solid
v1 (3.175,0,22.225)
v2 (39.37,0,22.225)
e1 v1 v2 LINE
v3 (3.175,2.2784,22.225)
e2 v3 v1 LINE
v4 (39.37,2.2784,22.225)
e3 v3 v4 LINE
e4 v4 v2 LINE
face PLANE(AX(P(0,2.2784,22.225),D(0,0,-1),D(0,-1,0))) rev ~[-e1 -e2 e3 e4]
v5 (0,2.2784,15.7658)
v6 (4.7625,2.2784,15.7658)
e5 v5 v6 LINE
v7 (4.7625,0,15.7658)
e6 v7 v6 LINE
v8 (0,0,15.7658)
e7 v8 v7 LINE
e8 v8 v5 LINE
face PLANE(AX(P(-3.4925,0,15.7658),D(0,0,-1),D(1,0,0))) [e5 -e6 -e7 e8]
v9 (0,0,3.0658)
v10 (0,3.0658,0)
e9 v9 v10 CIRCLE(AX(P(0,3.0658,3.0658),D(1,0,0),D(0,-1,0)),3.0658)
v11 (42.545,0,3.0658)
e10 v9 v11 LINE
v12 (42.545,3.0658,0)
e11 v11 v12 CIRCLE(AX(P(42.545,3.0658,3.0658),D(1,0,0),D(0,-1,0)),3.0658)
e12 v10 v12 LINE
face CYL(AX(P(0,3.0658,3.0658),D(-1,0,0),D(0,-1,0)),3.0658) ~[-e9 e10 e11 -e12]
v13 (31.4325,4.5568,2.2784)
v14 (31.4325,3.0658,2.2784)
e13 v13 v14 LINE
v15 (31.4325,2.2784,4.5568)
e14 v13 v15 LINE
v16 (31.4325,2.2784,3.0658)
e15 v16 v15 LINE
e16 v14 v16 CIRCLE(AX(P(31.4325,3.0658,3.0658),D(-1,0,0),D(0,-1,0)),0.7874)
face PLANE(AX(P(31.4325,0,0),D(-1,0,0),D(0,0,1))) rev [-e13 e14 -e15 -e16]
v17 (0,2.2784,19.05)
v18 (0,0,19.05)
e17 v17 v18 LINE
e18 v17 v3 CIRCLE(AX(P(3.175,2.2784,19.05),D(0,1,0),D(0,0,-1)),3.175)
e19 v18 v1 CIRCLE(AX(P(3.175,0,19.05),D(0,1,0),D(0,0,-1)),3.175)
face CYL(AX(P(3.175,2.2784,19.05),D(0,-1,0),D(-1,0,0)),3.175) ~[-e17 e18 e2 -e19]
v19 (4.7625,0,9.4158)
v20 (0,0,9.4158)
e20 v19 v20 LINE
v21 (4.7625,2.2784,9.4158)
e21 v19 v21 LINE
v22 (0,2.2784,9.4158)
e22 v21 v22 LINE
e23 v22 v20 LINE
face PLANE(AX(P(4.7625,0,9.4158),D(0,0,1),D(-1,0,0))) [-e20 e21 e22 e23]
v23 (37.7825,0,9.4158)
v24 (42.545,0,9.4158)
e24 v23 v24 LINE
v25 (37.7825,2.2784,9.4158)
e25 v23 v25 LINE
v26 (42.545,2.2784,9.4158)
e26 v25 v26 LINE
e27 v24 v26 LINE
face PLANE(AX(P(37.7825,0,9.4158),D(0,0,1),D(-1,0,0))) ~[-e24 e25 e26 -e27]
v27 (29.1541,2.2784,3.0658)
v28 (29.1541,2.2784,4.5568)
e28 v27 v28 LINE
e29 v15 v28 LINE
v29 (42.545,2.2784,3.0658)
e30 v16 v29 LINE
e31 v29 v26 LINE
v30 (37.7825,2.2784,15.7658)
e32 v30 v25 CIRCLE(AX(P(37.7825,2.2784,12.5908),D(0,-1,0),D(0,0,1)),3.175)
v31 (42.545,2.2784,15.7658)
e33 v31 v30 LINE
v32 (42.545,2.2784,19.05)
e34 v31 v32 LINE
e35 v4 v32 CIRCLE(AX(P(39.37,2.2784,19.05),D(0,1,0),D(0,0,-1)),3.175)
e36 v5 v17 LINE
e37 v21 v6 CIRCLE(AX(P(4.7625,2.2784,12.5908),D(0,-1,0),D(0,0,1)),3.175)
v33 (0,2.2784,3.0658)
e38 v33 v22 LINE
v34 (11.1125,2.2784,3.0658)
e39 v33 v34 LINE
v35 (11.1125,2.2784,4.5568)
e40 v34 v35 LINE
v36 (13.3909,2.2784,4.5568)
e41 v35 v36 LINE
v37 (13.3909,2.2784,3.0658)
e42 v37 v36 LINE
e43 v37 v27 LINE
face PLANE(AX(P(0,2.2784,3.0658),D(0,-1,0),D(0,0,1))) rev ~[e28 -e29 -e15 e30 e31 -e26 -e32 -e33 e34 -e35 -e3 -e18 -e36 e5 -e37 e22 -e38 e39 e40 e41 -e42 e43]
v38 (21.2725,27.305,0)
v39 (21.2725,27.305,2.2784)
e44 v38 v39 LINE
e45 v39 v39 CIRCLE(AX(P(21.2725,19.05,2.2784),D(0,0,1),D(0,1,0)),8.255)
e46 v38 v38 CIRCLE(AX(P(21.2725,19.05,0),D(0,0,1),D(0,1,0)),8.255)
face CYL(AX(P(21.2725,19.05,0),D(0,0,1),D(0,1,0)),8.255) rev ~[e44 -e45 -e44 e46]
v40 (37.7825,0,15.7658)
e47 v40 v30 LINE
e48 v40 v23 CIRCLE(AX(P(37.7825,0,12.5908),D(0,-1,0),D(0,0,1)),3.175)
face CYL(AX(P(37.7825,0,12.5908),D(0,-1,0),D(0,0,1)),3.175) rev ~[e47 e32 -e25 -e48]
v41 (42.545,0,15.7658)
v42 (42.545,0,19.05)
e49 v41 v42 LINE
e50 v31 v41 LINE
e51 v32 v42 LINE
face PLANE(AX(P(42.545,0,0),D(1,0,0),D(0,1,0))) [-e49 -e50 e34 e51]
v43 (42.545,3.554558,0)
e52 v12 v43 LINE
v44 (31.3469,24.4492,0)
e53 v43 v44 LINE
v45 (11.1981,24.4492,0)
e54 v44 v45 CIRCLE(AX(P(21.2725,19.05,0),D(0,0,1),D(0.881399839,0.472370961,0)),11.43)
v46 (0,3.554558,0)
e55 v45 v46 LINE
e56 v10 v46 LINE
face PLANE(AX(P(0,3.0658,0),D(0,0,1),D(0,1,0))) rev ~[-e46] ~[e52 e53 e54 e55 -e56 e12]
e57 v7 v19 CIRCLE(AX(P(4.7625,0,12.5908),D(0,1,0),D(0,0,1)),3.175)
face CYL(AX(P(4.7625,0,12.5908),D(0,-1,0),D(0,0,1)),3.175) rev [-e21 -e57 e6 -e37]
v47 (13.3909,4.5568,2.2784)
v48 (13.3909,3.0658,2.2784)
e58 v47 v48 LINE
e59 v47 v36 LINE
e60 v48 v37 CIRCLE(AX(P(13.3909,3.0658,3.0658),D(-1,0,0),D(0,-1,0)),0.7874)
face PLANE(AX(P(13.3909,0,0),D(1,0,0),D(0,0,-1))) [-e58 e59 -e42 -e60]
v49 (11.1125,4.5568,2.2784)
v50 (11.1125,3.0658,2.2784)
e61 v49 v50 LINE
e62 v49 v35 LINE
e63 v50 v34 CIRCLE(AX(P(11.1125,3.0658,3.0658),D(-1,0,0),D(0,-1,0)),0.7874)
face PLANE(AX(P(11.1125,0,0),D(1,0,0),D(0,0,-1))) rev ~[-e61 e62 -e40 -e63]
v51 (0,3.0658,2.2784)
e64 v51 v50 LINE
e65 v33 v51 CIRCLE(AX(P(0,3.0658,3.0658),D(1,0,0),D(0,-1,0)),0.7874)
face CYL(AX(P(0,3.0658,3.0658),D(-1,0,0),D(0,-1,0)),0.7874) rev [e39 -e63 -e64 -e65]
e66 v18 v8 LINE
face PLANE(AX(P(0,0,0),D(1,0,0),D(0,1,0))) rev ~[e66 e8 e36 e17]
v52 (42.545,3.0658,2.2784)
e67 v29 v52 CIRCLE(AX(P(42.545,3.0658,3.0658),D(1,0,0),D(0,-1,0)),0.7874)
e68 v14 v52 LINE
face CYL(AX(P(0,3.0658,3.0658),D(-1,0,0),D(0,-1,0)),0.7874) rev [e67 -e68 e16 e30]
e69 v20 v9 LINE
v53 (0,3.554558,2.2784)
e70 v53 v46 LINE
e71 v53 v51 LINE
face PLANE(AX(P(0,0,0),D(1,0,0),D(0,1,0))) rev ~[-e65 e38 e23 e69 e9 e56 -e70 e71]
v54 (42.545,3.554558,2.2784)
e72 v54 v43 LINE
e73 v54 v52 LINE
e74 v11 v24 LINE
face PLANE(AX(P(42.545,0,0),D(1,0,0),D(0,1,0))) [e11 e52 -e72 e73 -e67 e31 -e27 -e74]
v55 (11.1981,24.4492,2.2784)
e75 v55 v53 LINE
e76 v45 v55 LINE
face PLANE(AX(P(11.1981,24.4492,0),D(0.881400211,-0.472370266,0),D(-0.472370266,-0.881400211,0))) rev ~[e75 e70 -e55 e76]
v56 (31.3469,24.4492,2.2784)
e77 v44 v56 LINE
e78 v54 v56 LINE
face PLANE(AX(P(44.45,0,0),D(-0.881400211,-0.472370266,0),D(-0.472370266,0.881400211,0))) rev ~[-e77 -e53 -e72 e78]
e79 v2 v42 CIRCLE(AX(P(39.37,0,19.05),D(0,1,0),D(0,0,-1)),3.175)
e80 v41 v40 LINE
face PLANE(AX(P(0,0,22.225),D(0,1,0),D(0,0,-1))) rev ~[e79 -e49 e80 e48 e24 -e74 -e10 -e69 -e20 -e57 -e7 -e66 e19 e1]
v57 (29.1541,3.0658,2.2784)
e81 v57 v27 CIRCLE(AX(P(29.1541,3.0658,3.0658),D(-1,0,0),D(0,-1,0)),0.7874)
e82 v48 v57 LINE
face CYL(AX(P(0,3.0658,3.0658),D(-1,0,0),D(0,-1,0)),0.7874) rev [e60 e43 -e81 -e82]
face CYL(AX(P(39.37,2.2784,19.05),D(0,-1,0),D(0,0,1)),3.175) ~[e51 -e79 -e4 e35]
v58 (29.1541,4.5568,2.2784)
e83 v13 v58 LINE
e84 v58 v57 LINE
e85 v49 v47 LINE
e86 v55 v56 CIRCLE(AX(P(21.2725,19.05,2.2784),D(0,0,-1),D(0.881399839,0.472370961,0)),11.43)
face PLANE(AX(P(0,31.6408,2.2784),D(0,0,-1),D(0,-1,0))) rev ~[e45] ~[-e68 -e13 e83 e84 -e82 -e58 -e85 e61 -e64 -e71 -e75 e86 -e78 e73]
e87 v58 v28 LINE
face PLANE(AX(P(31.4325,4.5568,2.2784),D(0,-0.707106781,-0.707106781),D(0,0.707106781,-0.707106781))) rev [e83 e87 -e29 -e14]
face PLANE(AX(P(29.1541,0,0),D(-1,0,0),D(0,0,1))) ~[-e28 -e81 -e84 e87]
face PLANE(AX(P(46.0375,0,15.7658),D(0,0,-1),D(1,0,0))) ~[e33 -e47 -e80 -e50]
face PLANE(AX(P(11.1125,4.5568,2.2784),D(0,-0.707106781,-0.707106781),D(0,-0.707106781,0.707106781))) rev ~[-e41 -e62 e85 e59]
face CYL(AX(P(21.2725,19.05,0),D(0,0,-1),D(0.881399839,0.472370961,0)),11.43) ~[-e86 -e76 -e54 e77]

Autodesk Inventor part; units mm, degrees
sketch "Sketch_1" plane through (0, 0, 0) normal (1, 0, 0) x (0, 1, 0)
  line L0 (0, 22.225) -> (0, 3.0658)
  arc A0 (0, 3.0658) -> (3.0658, 0) centre (3.0658, 3.0658) ccw
  line L1 (3.0658, 0) -> (31.6408, 0)
  line L2 (31.6408, 0) -> (31.6408, 2.2784)
  line L3 (31.6408, 2.2784) -> (3.0658, 2.2784)
  arc A1 (2.2784, 3.0658) -> (3.0658, 2.2784) centre (3.0658, 3.0658) ccw
  line L4 (2.2784, 3.0658) -> (2.2784, 22.225)
  line L5 (2.2784, 22.225) -> (0, 22.225)
  dimension "d36" = 28.575
  dimension "d37" = 3.0658
  dimension "d38" = 0.7874
  dimension "d40" = 2.2784
  dimension "d43" = 22.225
extrude "Extrusion1" add sketch "Sketch_1" along normal blind 42.545
sketch "Sketch_2" plane through (0, 0, 0) normal (0, 0, 1) x (1, 0, 0)
  line L0 (-3.175, -2.1057) -> (45.72, -2.1057)
  line L1 (45.72, -2.1057) -> (45.72, 33.6906)
  line L2 (45.72, 33.6906) -> (-3.175, 33.6906)
  line L3 (-3.175, 33.6906) -> (-3.175, -2.1057)
  line L4 (-1.905, 0) -> (44.45, 0)
  line L5 (44.45, 0) -> (31.3469, 24.4492)
  arc A0 (31.3469, 24.4492) -> (11.1981, 24.4492) centre (21.2725, 19.05) ccw
  line L6 (11.1981, 24.4492) -> (-1.905, 0)
  line L7 (0, 0) -> (0, 3.0658) construction
  line L8 (0, 3.0658) -> (42.545, 3.0658) construction
  line L9 (42.545, 0) -> (42.545, 3.0658) construction
  line L10 (0, 0) -> (42.545, 0) construction
  line L11 (21.2725, 19.05) -> (21.2725, 0) construction
  line L12 (21.2725, 0) -> (21.2725, -2.1057) construction
  dimension "d23" = 46.355
  dimension "d24" = 11.43
  dimension "d25" = 19.05
  dimension "d26" = 35.7962
  dimension "d27" = 48.895
  dimension "d30" = 2.1057
extrude "Extrusion2" cut sketch "Sketch_2" along normal blind 3.4176
sketch "Sketch3" plane through (42.545, 3.0658, 0) normal (0, 0, -1) x (-1, 0, 0)
  arc A0 (31.3469, 21.3834) -> (11.1981, 21.3834) centre (21.2725, 15.9842) ccw projected
hole "Drilling 1" at (21.2725, 19.05, 0) direction (0, 0, 1) diameter 16.51 depth 3.4176
sketch "Sketch_8" plane through (0, 0, 0) normal (0, 1, 0) x (-1, 0, 0)
  line L0 (3.4925, 15.7658) -> (-4.7625, 15.7658)
  arc A0 (-4.7625, 15.7658) -> (-4.7625, 9.4158) centre (-4.7625, 12.5908) ccw
  line L1 (-4.7625, 9.4158) -> (3.4925, 9.4158)
  line L2 (3.4925, 9.4158) -> (3.4925, 15.7658)
  line L3 (0, 3.0658) -> (-42.545, 3.0658) projected
  dimension "d31" = 3.4925
  dimension "d32" = 8.255
  dimension "d33" = 3.175
  dimension "d34" = 6.35
  dimension "d35" = 6.35
extrude "Extrusion5" cut sketch "Sketch_8" along normal blind 3.4176
sketch "Sketch_10" plane through (11.1125, 0, 0) normal (1, 0, 0) x (0, 0, -1)
  arc A0 (-4.5568, 1.8456) -> (-1.8456, 4.5568) centre (-3.0658, 3.0658) ccw
  line L0 (-1.8456, 4.5568) -> (-2.2784, 4.5568)
  line L1 (-2.2784, 4.5568) -> (-4.5568, 2.2784)
  line L2 (-4.5568, 2.2784) -> (-4.5568, 1.8456)
extrude "Extrusion7" add sketch "Sketch_10" along normal blind 2.2784
ref_plane "h1_XY" through (17.4625, 0, 17.526) normal (1, 0, 0) x (0, 0, -1)
ref_plane "h1_YZ" through (17.4625, 0, 17.526) normal (0, 0, -1) x (0, 1, 0)
ref_plane "h1_ZX" through (17.4625, 0, 17.526) normal (0, 1, 0) x (1, 0, 0)
ref_plane "d1_XY" through (17.4625, 8.6728, 0) normal (1, 0, 0) x (0, 0, -1)
ref_plane "d1_YZ" through (17.4625, 8.6728, 0) normal (0, 0, -1) x (0, 1, 0)
ref_plane "d1_ZX" through (17.4625, 8.6728, 0) normal (0, 1, 0) x (1, 0, 0)
ref_plane "h2_XY" through (17.4625, 2.2784, 17.526) normal (1, 0, 0) x (0, 0, -1)
ref_plane "h2_YZ" through (17.4625, 2.2784, 17.526) normal (0, 0, -1) x (0, 1, 0)
ref_plane "h2_ZX" through (17.4625, 2.2784, 17.526) normal (0, 1, 0) x (1, 0, 0)
ref_plane "d2_XY" through (17.4625, 19.8615, 0) normal (1, 0, 0) x (0, 0, -1)
ref_plane "d2_YZ" through (17.4625, 19.8615, 0) normal (0, 0, -1) x (0, 1, 0)
ref_plane "d2_ZX" through (17.4625, 19.8615, 0) normal (0, 1, 0) x (1, 0, 0)
ref_plane "h3_XY" through (17.4625, 14.2672, 2.2784) normal (1, 0, 0) x (0, 0, -1)
ref_plane "h3_YZ" through (17.4625, 14.2672, 2.2784) normal (0, 0, -1) x (0, 1, 0)
ref_plane "h3_ZX" through (17.4625, 14.2672, 2.2784) normal (0, 1, 0) x (1, 0, 0)
ref_plane "h4_XY" through (17.4625, 21.0566, 2.2784) normal (1, 0, 0) x (0, 0, -1)
ref_plane "h4_YZ" through (17.4625, 21.0566, 2.2784) normal (0, 0, -1) x (0, 1, 0)
ref_plane "h4_ZX" through (17.4625, 21.0566, 2.2784) normal (0, 1, 0) x (1, 0, 0)
ref_plane "h5_XY" through (34.925, 3.175, 0) normal (1, 0, 0) x (0, 0, -1)
ref_plane "h5_YZ" through (34.925, 3.175, 0) normal (0, 0, -1) x (0, 1, 0)
ref_plane "h5_ZX" through (34.925, 3.175, 0) normal (0, 1, 0) x (1, 0, 0)
ref_plane "h6_XY" through (34.925, 0, 0) normal (1, 0, 0) x (0, 0, -1)
ref_plane "h6_YZ" through (34.925, 0, 0) normal (0, 0, -1) x (0, 1, 0)
ref_plane "h6_ZX" through (34.925, 0, 0) normal (0, 1, 0) x (1, 0, 0)
ref_plane "l1_XY" through (0, 0, 0) normal (0, 1, 0) x (1, 0, 0)
ref_plane "l1_YZ" through (0, 0, 0) normal (1, 0, 0) x (0, 0, -1)
ref_plane "l1_ZX" through (0, 0, 0) normal (0, 0, -1) x (0, 1, 0)
ref_plane "l2_XY" through (34.925, 0, 0) normal (0, 1, 0) x (1, 0, 0)
ref_plane "l2_YZ" through (34.925, 0, 0) normal (1, 0, 0) x (0, 0, -1)
ref_plane "l2_ZX" through (34.925, 0, 0) normal (0, 0, -1) x (0, 1, 0)
ref_plane "l3_XY" through (0, 0, 17.526) normal (0, 1, 0) x (1, 0, 0)
ref_plane "l3_YZ" through (0, 0, 17.526) normal (1, 0, 0) x (0, 0, -1)
ref_plane "l3_ZX" through (0, 0, 17.526) normal (0, 0, -1) x (0, 1, 0)
ref_plane "l4_XY" through (0, 0, 9.652) normal (0, 1, 0) x (1, 0, 0)
ref_plane "l4_YZ" through (0, 0, 9.652) normal (1, 0, 0) x (0, 0, -1)
ref_plane "l4_ZX" through (0, 0, 9.652) normal (0, 0, -1) x (0, 1, 0)
ref_plane "l5_XY" through (4.7625, 0, 9.652) normal (0, 1, 0) x (1, 0, 0)
ref_plane "l5_YZ" through (4.7625, 0, 9.652) normal (1, 0, 0) x (0, 0, -1)
ref_plane "l5_ZX" through (4.7625, 0, 9.652) normal (0, 0, -1) x (0, 1, 0)
ref_plane "l6_XY" through (30.1625, 0, 9.652) normal (0, 1, 0) x (1, 0, 0)
ref_plane "l6_YZ" through (30.1625, 0, 9.652) normal (1, 0, 0) x (0, 0, -1)
ref_plane "l6_ZX" through (30.1625, 0, 9.652) normal (0, 0, -1) x (0, 1, 0)
ref_plane "l7_XY" through (30.1625, 0, 12.0904) normal (0, 1, 0) x (1, 0, 0)
ref_plane "l7_YZ" through (30.1625, 0, 12.0904) normal (1, 0, 0) x (0, 0, -1)
ref_plane "l7_ZX" through (30.1625, 0, 12.0904) normal (0, 0, -1) x (0, 1, 0)
ref_plane "l8_XY" through (30.1625, 0, 7.2136) normal (0, 1, 0) x (1, 0, 0)
ref_plane "l8_YZ" through (30.1625, 0, 7.2136) normal (1, 0, 0) x (0, 0, -1)
ref_plane "l8_ZX" through (30.1625, 0, 7.2136) normal (0, 0, -1) x (0, 1, 0)
ref_plane "mounting_bracket_XY" through (17.4625, 14.2672, 2.2784) normal (0, 0, 1) x (1, 0, 0)
ref_plane "mounting_bracket_YZ" through (17.4625, 14.2672, 2.2784) normal (1, 0, 0) x (0, 1, 0)
ref_plane "mounting_bracket_ZX" through (17.4625, 14.2672, 2.2784) normal (0, 1, 0) x (0, 0, 1)
ref_plane "mounting_bracket_1_XY" through (17.4625, 14.2672, 0) normal (0, 0, 1) x (1, 0, 0)
ref_plane "mounting_bracket_1_YZ" through (17.4625, 14.2672, 0) normal (1, 0, 0) x (0, 1, 0)
ref_plane "mounting_bracket_1_ZX" through (17.4625, 14.2672, 0) normal (0, 1, 0) x (0, 0, 1)
fillet "Fillet1" radius 3.175 1 edges at (0, 1.1392, 22.225)
ref_plane "Work Plane56" through (21.2725, 0, 0) normal (1, 0, 0) x (0, 0, -1)
mirror "Mirror2" about plane through (21.2725, 0, 0) normal (1, 0, 0) of "Extrusion5", "Fillet1", "Extrusion7"
equation "\"d33\" = 0.5 * d34"
properties part number "Rebuild Shooter NCDME075-0600 Cylinder Mounting Bracket" material "Steel"
